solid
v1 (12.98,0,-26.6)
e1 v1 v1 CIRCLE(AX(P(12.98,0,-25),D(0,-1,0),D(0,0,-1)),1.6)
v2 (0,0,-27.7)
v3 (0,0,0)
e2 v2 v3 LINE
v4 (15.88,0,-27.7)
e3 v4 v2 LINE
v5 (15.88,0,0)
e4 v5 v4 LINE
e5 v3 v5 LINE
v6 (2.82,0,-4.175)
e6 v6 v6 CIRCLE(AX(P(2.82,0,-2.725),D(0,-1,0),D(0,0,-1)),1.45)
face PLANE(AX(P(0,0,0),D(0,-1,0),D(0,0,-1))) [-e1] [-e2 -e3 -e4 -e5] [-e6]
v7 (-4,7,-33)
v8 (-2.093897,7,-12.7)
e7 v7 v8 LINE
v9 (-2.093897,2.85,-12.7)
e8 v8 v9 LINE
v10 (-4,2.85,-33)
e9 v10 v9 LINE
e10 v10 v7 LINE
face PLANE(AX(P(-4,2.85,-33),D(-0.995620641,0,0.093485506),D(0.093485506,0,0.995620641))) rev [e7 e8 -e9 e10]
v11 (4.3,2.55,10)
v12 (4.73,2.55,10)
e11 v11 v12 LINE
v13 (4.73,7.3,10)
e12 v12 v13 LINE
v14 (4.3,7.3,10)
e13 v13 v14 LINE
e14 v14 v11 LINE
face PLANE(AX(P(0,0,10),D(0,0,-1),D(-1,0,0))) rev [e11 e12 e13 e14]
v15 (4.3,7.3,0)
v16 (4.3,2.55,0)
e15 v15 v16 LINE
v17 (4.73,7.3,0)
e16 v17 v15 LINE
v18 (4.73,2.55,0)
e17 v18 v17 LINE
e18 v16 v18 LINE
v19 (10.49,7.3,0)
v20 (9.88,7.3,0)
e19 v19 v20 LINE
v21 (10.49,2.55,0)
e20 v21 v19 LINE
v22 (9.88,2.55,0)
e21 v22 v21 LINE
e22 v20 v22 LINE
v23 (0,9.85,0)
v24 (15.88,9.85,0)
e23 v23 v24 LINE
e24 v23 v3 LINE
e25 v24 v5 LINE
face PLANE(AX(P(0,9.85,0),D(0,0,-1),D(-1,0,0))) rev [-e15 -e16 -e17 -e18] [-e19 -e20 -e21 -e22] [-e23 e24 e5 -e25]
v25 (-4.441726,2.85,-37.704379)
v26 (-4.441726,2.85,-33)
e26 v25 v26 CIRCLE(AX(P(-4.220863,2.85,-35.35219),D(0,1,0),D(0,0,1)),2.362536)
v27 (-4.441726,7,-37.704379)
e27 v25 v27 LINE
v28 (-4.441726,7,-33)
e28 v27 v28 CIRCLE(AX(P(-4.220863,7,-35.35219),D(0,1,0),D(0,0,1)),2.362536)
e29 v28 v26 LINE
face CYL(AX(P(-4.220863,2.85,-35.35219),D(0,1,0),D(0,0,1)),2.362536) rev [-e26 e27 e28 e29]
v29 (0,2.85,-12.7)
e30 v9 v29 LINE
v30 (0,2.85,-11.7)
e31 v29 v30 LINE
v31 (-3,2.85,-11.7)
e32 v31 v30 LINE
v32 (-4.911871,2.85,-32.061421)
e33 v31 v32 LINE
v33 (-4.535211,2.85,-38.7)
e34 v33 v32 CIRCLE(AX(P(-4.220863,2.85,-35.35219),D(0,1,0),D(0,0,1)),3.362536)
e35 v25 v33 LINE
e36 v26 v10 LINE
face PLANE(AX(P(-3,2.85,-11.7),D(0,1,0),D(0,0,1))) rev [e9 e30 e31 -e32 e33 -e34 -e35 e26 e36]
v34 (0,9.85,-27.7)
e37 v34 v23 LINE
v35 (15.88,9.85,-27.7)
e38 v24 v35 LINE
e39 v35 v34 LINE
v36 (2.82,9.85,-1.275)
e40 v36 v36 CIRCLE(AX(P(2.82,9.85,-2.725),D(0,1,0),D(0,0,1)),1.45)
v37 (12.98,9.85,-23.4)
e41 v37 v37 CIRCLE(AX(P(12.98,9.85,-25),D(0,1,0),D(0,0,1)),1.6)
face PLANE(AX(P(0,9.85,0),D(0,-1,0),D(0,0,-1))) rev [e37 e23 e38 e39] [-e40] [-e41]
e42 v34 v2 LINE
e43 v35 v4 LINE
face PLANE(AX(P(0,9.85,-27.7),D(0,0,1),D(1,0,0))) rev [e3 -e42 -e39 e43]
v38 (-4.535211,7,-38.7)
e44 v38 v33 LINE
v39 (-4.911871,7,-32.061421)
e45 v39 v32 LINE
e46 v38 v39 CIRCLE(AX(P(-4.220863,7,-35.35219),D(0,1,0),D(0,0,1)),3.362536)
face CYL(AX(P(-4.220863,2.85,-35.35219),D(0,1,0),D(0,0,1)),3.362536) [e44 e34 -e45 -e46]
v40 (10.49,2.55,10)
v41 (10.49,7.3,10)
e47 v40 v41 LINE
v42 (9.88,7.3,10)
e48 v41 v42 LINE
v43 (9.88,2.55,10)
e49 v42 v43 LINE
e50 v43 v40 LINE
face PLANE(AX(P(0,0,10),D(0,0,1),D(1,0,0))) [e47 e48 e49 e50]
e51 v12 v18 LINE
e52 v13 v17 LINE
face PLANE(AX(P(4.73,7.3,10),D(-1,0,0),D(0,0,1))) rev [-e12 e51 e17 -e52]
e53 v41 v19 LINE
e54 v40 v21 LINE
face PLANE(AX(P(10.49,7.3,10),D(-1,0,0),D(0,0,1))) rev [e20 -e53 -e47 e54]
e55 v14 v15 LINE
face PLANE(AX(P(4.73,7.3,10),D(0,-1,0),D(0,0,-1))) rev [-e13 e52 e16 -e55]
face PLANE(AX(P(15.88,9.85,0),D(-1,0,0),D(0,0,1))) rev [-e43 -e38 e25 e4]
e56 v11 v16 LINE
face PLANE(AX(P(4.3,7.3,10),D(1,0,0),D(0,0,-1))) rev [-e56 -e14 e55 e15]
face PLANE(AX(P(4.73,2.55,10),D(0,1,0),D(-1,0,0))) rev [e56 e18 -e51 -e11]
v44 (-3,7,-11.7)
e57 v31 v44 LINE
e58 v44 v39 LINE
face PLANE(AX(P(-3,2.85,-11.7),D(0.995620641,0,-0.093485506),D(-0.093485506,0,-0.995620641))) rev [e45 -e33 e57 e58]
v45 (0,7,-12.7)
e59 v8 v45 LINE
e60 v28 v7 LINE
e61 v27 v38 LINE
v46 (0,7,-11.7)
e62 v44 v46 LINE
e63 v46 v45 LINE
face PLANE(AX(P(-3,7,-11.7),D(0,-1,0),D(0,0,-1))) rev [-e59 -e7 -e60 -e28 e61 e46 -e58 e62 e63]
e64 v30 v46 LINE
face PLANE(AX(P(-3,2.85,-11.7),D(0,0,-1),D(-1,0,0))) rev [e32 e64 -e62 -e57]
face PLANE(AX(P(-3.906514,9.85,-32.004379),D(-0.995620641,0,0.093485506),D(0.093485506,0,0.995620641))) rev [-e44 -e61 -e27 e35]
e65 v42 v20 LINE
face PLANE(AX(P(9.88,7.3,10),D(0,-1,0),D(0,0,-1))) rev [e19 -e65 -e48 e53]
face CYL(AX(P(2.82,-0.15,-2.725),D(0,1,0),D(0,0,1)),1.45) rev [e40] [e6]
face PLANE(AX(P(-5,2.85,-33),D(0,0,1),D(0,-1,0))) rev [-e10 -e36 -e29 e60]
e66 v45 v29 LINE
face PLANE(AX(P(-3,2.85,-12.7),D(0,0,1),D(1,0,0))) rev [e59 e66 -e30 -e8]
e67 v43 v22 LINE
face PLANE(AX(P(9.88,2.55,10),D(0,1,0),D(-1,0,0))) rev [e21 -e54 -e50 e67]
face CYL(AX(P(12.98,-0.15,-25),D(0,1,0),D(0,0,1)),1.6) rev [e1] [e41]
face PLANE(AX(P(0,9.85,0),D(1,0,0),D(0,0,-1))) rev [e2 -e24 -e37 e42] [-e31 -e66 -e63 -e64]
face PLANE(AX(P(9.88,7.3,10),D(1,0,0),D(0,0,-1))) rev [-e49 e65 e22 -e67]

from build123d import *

# Parameters (mm, degrees)
SKETCH1_W           = 15.88
SKETCH1_H           = 27.7
BOSS_EXTRUDE1_DEPTH = 9.85
SKETCH2_W           = 0.61
SKETCH2_H           = 4.75
SKETCH2_W_2         = 0.43
BOSS_EXTRUDE2_DEPTH = 10
SKETCH4_R           = 1.45
SKETCH4_R_2         = 1.6
CUT_EXTRUDE1_DEPTH  = 10
SKETCH5_W           = 1
SKETCH5_H           = 4.15
BOSS_EXTRUDE3_DEPTH = 3
SKETCH7_R           = 3.362536074
SKETCH7_R_2         = 2.362536074
BOSS_EXTRUDE5_DEPTH = 4.15
CUT_EXTRUDE2_DEPTH  = 43.42645861


with BuildPart() as part:
    # Sketch1 → Boss-Extrude1 (new body)
    with BuildSketch(Plane(origin=(0, 0, 0), x_dir=(1, 0, 0), z_dir=(0, 1, 0))):
        with Locations((7.94, 13.85)):
            Rectangle(SKETCH1_W, SKETCH1_H)
    extrude(amount=BOSS_EXTRUDE1_DEPTH)

    # Sketch2 → Boss-Extrude2 (add)
    with BuildSketch(Plane.XY):
        with Locations((10.185, 4.925)):
            Rectangle(SKETCH2_W, SKETCH2_H)
        with Locations((4.515, 4.925)):
            Rectangle(SKETCH2_W_2, SKETCH2_H)
    extrude(amount=BOSS_EXTRUDE2_DEPTH)

    # Sketch4 → Cut-Extrude1 (cut)
    with BuildSketch(Plane(origin=(0, 9.85, 0), x_dir=(1, 0, 0), z_dir=(0, 1, 0))):
        with Locations(Location((2.82, 2.725, 0), (0, 0, 270))):
            Circle(SKETCH4_R)
        with Locations(Location((12.98, 25, 0), (0, 0, 270))):
            Circle(SKETCH4_R_2)
    extrude(amount=-CUT_EXTRUDE1_DEPTH, mode=Mode.SUBTRACT)

    # Sketch5 → Boss-Extrude3 (add)
    with BuildSketch(Plane.ZY):
        with Locations((-12.2, 4.925)):
            Rectangle(SKETCH5_W, SKETCH5_H)
    extrude(amount=BOSS_EXTRUDE3_DEPTH)

    # Sketch7 → Boss-Extrude5 (add)
    # profile 1 of 2: a face of its own
    with BuildSketch(Plane(origin=(0, 7, 0), x_dir=(1, 0, 0), z_dir=(0, 1, 0))):
        with Locations((-4.220862881, 35.35218968)):
            Circle(SKETCH7_R)
        with Locations((-4.220862881, 35.35218968)):
            Circle(SKETCH7_R_2, mode=Mode.SUBTRACT)
    # profile 2 of 2: a face of its own
    with BuildSketch(Plane(origin=(0, 7, 0), x_dir=(1, 0, 0), z_dir=(0, 1, 0))):
        Polygon((-3, 11.7), (-5, 33), (-4, 33), (-2, 11.7), align=None)
    extrude(amount=-BOSS_EXTRUDE5_DEPTH)

    # Sketch8 → Cut-Extrude2 (cut, through all)
    with BuildSketch(Plane(origin=(0, 2.85, 0), x_dir=(-1, 0, 0), z_dir=(0, -1, 0))):
        Polygon((3.906514494, 32.004379359), (-0.89687697, 32.455402032), (-0.268180196, 39.151022673), (4.535211268, 38.7), align=None)
    extrude(amount=-CUT_EXTRUDE2_DEPTH, mode=Mode.SUBTRACT)


solid = part.part
